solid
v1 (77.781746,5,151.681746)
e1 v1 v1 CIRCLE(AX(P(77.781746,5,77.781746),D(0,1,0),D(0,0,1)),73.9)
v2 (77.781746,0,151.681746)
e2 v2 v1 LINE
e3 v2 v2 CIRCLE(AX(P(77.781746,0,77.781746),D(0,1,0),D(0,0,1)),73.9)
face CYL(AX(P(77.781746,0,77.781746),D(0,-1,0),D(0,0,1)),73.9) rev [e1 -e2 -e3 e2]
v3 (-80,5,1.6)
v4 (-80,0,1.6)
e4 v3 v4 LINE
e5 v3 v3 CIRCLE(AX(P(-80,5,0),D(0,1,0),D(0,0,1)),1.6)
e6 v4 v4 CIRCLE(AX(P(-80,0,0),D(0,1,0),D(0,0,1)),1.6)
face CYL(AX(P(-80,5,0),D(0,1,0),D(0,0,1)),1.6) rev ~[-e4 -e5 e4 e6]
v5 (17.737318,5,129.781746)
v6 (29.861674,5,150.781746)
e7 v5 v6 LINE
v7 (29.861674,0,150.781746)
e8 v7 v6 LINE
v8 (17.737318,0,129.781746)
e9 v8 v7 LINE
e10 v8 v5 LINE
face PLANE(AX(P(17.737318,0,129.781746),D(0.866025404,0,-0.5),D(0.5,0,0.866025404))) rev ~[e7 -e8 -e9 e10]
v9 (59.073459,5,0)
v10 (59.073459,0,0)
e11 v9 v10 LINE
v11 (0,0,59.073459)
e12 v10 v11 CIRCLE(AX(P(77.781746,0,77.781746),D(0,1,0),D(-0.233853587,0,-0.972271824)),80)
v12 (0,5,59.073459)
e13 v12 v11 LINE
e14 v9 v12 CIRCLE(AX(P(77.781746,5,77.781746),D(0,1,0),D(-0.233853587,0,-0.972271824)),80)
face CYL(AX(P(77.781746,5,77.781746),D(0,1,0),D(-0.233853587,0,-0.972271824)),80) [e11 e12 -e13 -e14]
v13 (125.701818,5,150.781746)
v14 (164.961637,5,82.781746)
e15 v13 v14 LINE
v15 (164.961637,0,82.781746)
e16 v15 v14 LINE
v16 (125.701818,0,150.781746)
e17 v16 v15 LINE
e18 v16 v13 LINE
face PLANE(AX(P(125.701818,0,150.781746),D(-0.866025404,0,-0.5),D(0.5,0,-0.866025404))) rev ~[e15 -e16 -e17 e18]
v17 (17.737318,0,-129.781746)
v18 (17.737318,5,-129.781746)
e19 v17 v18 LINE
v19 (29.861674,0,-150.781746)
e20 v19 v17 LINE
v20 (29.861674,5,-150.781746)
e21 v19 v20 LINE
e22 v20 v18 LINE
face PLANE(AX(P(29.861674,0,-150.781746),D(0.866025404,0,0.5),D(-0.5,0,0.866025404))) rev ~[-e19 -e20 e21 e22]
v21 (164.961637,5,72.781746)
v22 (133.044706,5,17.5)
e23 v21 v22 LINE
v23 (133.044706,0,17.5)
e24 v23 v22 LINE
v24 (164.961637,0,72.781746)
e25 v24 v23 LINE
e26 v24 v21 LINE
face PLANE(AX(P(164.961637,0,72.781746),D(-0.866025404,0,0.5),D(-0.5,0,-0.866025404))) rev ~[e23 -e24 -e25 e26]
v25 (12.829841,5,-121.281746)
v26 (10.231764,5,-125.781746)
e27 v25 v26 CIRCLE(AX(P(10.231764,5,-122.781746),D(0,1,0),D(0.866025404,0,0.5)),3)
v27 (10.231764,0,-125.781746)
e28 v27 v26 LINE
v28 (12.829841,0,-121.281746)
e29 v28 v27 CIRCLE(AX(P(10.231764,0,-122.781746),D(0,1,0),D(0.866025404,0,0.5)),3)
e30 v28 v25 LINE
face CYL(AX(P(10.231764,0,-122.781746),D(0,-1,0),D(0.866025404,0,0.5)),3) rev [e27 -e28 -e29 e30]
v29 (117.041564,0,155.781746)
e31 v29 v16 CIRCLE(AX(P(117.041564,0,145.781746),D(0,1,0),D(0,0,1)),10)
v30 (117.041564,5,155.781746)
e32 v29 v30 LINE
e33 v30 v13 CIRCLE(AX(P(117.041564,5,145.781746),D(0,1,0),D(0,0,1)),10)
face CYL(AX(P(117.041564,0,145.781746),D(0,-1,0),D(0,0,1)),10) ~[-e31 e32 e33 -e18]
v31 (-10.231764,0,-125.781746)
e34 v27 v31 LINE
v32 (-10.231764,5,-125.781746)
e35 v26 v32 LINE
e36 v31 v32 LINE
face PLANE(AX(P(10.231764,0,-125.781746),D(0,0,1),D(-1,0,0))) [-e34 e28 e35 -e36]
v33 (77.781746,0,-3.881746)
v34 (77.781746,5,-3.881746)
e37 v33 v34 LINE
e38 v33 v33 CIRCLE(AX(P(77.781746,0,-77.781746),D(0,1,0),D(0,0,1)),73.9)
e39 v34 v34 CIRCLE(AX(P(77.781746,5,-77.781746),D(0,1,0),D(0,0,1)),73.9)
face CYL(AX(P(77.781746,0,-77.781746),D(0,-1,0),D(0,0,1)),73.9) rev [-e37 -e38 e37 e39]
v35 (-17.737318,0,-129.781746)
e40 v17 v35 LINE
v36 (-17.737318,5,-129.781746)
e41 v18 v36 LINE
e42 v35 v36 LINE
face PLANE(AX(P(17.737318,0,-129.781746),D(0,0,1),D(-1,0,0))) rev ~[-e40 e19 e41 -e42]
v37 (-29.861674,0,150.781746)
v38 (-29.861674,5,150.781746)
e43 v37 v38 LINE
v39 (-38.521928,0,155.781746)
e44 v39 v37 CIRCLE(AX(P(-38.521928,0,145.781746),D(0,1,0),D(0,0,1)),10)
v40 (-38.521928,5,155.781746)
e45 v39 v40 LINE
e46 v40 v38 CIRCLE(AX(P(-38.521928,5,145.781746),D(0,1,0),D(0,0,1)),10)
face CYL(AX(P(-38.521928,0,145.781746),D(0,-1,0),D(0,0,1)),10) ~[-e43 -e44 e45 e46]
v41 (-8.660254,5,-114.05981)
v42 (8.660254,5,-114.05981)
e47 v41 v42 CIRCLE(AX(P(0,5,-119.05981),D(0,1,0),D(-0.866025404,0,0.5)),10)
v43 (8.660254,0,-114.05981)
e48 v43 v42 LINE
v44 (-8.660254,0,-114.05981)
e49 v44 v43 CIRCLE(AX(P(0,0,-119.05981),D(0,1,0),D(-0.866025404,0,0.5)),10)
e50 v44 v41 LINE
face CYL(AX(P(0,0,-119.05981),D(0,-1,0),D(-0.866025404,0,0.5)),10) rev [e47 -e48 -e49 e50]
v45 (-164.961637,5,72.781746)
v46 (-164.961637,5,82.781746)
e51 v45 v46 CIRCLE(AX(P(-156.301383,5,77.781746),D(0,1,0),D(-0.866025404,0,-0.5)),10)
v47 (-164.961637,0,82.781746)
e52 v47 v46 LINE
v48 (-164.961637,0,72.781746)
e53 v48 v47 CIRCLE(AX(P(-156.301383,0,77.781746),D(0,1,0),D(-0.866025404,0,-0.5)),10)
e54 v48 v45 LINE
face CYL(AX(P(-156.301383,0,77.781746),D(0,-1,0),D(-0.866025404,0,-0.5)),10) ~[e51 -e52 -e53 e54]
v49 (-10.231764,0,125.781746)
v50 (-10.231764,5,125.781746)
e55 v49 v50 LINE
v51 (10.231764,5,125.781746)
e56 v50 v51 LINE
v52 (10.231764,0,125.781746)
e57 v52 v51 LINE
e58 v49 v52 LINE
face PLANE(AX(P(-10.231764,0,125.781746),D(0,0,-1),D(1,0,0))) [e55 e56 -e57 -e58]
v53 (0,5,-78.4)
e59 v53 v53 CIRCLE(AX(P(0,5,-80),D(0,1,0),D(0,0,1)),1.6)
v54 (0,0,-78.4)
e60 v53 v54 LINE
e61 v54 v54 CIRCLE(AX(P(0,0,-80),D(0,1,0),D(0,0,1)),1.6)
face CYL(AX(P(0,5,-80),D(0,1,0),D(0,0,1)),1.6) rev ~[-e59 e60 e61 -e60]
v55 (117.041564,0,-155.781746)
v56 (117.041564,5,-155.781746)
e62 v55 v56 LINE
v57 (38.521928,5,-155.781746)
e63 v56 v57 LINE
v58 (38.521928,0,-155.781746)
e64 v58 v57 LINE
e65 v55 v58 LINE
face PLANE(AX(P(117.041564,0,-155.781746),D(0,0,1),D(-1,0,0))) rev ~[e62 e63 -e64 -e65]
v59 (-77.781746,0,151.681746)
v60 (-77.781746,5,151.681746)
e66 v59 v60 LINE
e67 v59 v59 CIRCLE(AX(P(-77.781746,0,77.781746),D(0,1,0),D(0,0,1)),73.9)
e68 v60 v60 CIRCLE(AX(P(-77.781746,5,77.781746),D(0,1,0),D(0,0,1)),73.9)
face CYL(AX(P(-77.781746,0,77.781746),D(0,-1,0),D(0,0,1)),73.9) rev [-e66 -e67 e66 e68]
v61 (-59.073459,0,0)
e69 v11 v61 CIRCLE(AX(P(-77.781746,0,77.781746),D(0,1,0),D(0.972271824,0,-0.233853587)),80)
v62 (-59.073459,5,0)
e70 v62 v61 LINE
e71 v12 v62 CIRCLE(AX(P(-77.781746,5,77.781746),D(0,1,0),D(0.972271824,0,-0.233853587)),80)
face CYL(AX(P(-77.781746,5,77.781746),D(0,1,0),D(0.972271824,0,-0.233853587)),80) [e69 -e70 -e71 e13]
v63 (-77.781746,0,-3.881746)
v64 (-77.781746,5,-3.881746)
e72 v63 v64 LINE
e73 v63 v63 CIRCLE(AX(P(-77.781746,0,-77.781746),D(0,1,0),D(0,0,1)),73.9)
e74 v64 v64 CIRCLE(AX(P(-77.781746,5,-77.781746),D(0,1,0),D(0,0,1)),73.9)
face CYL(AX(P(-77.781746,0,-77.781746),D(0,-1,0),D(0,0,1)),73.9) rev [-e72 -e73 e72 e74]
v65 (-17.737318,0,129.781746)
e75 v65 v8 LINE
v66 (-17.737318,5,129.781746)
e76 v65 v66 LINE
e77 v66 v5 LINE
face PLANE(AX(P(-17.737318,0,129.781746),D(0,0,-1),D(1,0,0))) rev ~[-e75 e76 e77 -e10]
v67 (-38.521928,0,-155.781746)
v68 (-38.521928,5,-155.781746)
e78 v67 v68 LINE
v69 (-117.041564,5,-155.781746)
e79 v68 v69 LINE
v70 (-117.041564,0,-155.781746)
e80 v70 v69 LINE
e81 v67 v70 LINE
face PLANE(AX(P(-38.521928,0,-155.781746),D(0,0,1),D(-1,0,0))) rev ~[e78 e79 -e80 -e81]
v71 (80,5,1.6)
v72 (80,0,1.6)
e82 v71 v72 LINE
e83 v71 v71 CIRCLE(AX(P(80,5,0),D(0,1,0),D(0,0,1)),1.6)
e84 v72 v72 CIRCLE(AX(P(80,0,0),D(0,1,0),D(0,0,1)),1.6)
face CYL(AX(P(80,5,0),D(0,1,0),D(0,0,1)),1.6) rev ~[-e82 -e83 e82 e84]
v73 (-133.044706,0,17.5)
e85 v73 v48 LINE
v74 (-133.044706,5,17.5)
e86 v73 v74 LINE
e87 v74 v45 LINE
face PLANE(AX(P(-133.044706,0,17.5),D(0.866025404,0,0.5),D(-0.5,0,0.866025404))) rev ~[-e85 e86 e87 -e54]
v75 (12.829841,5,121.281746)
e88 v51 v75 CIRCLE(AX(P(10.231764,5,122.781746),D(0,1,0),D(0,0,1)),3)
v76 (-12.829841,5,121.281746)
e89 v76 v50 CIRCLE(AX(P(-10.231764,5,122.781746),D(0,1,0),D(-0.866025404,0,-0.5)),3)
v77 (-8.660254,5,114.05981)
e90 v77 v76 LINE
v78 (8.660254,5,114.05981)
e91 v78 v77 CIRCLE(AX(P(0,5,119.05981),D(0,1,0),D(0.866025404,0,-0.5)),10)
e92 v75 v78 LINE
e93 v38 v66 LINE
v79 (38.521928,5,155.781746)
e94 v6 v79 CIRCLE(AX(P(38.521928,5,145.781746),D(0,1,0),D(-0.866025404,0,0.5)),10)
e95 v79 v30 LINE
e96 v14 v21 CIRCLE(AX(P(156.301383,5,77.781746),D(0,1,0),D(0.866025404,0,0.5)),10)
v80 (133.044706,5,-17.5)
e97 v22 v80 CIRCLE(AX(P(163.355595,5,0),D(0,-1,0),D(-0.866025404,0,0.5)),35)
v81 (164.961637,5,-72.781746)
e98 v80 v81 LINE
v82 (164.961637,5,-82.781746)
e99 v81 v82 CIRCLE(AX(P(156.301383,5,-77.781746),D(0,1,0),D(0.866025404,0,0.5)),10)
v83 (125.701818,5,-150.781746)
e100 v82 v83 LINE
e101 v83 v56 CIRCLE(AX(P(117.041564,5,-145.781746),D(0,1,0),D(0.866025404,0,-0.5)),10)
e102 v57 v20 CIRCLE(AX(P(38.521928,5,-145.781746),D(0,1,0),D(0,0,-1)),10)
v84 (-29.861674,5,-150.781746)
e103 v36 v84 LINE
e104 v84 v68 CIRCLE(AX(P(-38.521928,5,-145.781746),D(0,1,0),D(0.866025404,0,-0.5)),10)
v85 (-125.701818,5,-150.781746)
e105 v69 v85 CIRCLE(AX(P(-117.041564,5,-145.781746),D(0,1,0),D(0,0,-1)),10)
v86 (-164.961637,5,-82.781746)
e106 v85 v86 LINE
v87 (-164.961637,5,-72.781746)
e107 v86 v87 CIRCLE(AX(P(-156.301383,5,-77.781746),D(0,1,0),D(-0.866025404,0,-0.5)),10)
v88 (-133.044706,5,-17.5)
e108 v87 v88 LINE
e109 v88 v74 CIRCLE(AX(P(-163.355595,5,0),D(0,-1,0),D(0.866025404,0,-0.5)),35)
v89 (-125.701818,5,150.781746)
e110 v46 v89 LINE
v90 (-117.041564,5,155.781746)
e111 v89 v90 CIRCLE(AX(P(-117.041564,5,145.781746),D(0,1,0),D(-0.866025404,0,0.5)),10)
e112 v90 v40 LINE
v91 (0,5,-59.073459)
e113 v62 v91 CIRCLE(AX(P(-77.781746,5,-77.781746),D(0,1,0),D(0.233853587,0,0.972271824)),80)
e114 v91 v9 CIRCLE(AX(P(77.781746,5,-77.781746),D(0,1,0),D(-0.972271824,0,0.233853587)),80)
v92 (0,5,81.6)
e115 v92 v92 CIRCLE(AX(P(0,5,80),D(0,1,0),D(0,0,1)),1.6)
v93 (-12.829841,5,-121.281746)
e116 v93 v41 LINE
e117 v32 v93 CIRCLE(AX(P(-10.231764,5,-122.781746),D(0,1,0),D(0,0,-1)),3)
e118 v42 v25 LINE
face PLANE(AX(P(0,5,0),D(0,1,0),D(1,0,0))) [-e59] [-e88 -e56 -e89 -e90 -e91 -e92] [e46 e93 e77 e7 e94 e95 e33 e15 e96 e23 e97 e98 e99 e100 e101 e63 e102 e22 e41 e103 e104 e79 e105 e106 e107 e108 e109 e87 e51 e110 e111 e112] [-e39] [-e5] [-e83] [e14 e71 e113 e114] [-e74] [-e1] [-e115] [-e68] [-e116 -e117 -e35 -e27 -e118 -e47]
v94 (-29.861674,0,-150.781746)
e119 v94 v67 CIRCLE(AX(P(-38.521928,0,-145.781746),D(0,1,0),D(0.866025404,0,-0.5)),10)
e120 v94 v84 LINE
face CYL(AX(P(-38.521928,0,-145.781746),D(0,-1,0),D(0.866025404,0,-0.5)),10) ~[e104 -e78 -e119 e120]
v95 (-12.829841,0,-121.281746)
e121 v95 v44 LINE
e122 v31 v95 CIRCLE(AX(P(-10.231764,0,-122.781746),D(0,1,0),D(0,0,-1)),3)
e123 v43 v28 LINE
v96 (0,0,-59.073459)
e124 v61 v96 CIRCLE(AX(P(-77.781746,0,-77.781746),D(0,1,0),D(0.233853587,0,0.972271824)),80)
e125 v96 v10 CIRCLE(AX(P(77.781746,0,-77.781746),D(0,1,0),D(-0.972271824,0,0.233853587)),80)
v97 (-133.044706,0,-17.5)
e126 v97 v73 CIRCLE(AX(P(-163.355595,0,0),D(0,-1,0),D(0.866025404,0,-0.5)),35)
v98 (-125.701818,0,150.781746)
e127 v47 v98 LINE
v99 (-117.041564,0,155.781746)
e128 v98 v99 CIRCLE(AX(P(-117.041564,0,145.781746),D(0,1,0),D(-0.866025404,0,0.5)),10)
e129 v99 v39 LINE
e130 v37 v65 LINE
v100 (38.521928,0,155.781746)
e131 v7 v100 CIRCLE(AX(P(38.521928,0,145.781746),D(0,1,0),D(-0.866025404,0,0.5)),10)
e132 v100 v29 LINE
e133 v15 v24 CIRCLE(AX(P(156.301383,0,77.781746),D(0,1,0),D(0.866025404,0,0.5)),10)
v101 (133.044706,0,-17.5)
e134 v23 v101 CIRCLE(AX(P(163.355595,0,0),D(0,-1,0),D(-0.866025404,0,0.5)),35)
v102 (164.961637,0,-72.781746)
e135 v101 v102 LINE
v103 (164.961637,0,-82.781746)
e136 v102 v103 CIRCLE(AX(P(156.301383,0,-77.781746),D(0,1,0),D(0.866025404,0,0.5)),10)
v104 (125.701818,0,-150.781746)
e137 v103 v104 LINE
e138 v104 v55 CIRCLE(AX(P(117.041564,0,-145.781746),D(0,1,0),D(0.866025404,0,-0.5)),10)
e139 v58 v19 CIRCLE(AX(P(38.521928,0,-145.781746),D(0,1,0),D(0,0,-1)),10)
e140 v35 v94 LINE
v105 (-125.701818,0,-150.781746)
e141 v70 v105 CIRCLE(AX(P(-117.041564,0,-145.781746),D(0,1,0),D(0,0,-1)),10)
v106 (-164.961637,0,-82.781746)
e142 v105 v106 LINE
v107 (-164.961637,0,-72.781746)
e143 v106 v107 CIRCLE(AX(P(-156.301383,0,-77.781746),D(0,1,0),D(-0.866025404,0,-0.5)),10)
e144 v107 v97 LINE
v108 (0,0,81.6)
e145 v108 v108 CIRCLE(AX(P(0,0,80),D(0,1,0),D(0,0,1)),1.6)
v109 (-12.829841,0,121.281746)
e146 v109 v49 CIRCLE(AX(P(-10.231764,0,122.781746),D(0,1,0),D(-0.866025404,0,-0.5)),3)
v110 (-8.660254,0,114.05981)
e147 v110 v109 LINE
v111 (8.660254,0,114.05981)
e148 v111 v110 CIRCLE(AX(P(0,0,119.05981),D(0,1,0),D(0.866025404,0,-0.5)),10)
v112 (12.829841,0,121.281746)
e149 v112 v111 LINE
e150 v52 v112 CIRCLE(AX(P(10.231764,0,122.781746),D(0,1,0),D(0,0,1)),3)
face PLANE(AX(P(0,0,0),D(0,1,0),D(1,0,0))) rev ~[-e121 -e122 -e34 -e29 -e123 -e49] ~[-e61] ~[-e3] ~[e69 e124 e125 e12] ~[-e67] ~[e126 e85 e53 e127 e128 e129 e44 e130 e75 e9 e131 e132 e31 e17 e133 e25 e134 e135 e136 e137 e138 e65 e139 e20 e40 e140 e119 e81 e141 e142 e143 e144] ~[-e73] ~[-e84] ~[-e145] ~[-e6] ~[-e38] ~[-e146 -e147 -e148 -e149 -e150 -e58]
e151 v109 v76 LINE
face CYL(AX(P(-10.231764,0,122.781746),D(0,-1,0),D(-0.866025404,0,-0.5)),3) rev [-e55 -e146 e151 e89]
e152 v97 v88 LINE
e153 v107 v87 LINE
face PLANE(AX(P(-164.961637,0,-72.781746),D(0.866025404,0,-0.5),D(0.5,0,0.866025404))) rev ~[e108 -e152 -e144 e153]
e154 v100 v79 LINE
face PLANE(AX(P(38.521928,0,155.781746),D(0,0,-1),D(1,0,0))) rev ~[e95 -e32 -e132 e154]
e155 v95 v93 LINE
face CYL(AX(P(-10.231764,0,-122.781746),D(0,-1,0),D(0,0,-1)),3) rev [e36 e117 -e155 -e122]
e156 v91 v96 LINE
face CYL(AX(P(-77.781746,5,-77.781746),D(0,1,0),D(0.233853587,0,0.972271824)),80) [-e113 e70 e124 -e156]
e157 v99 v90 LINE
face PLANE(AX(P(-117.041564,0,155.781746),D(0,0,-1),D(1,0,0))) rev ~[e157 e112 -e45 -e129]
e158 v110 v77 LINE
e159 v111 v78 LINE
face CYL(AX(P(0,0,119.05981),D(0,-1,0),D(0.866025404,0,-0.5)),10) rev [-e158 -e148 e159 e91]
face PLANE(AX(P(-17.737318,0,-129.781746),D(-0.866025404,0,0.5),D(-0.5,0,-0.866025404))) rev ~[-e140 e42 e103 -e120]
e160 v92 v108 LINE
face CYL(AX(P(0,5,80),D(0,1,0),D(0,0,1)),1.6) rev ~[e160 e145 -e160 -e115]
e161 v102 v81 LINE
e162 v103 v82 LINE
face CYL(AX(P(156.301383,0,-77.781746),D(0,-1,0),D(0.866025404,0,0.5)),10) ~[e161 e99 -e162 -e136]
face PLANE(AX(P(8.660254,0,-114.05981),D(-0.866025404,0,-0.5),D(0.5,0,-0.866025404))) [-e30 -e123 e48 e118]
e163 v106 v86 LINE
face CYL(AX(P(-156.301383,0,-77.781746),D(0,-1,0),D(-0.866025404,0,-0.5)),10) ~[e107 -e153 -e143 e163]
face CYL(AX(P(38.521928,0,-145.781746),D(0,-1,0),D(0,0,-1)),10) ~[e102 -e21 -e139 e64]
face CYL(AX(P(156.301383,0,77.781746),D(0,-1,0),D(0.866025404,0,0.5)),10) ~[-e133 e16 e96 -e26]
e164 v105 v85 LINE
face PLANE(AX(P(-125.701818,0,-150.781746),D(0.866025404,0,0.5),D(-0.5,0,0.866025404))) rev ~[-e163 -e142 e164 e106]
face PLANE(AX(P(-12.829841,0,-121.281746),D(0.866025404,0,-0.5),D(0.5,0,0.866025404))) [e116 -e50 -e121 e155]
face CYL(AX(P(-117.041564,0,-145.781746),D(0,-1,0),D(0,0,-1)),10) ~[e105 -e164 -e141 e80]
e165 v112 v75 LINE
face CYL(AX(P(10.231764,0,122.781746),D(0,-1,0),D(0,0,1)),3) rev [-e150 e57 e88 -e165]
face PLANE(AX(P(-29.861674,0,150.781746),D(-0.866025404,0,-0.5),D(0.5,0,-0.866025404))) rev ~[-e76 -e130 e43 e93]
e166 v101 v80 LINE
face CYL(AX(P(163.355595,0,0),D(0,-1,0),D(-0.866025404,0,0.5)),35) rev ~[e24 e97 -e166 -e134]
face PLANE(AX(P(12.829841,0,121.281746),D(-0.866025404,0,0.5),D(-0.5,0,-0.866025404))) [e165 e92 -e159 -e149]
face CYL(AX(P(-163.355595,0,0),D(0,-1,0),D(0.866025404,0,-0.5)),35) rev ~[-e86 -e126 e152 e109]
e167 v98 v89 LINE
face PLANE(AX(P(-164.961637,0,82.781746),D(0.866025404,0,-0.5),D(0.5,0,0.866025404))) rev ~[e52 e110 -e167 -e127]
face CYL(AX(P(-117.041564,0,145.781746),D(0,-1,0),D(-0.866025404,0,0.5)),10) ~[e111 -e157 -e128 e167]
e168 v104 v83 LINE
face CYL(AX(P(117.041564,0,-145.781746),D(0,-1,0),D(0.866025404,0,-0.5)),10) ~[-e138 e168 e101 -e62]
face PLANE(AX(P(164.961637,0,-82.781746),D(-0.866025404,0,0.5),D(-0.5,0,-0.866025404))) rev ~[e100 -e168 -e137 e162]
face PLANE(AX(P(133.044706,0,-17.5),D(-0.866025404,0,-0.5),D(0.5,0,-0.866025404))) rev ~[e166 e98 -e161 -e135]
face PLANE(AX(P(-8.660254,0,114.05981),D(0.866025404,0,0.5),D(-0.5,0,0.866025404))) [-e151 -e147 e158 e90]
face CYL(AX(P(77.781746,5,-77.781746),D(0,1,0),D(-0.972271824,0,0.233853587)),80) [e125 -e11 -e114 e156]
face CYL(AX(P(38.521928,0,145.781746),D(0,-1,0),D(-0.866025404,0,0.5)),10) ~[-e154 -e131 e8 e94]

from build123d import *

# Parameters (mm, degrees)
SKETCH_7_R          = 73.9
EXTRUDE_1_DEPTH     = 5
CUT_EXTRUDE_1_REACH = 229.923
SKETCH_8_R          = 1.6


with BuildPart() as part:
    # 草图7 → 凸台-拉伸1 (new body)
    with BuildSketch(Plane(origin=(0, 0, 0), x_dir=(1, 0, 0), z_dir=(0, 1, 0))):
        with BuildLine():
            Line((29.861673588, 150.781745931), (17.737317935, 129.781745931))
            Line((17.737317935, 129.781745931), (-17.737317935, 129.781745931))
            Line((-17.737317935, 129.781745931), (-29.861673588, 150.781745931))
            ThreePointArc((-29.861673588, 150.781745931), (-33.521927626, 154.441999968), (-38.521927626, 155.781745931))
            Line((-38.521927626, 155.781745931), (-117.041564235, 155.781745931))
            ThreePointArc((-117.041564235, 155.781745931), (-122.041564235, 154.441999968), (-125.701818273, 150.781745931))
            Line((-125.701818273, 150.781745931), (-164.961636578, 82.781745931))
            ThreePointArc((-164.961636578, 82.781745931), (-166.30138254, 77.781745931), (-164.961636578, 72.781745931))
            Line((-164.961636578, 72.781745931), (-133.044705684, 17.5))
            ThreePointArc((-133.044705684, 17.5), (-128.355594816, 0), (-133.044705684, -17.5))
            Line((-133.044705684, -17.5), (-164.961636578, -72.781745931))
            ThreePointArc((-164.961636578, -72.781745931), (-166.30138254, -77.781745931), (-164.961636578, -82.781745931))
            Line((-164.961636578, -82.781745931), (-125.701818273, -150.781745931))
            ThreePointArc((-125.701818273, -150.781745931), (-122.041564235, -154.441999968), (-117.041564235, -155.781745931))
            Line((-117.041564235, -155.781745931), (-38.521927626, -155.781745931))
            ThreePointArc((-38.521927626, -155.781745931), (-33.521927626, -154.441999968), (-29.861673588, -150.781745931))
            Line((-29.861673588, -150.781745931), (-17.737317935, -129.781745931))
            Line((-17.737317935, -129.781745931), (17.737317935, -129.781745931))
            Line((17.737317935, -129.781745931), (29.861673588, -150.781745931))
            ThreePointArc((29.861673588, -150.781745931), (33.521927626, -154.441999968), (38.521927626, -155.781745931))
            Line((38.521927626, -155.781745931), (117.041564235, -155.781745931))
            ThreePointArc((117.041564235, -155.781745931), (122.041564235, -154.441999968), (125.701818273, -150.781745931))
            Line((125.701818273, -150.781745931), (164.961636578, -82.781745931))
            ThreePointArc((164.961636578, -82.781745931), (166.30138254, -77.781745931), (164.961636578, -72.781745931))
            Line((164.961636578, -72.781745931), (133.044705684, -17.5))
            ThreePointArc((133.044705684, -17.5), (128.355594816, 0), (133.044705684, 17.5))
            Line((133.044705684, 17.5), (164.961636578, 72.781745931))
            ThreePointArc((164.961636578, 72.781745931), (166.30138254, 77.781745931), (164.961636578, 82.781745931))
            Line((164.961636578, 82.781745931), (125.701818273, 150.781745931))
            ThreePointArc((125.701818273, 150.781745931), (122.041564235, 154.441999968), (117.041564235, 155.781745931))
            Line((117.041564235, 155.781745931), (38.521927626, 155.781745931))
            ThreePointArc((38.521927626, 155.781745931), (33.521927626, 154.441999968), (29.861673588, 150.781745931))
        make_face()
        with Locations((-77.781745931, -77.781745931)):
            Circle(SKETCH_7_R, mode=Mode.SUBTRACT)
        with BuildLine():
            Line((8.660254038, -114.059810077), (12.829840647, -121.281745931))
            ThreePointArc((12.829840647, -121.281745931), (12.829840647, -124.281745931), (10.231764435, -125.781745931))
            Line((10.231764435, -125.781745931), (-10.231764435, -125.781745931))
            ThreePointArc((-10.231764435, -125.781745931), (-12.829840647, -124.281745931), (-12.829840647, -121.281745931))
            Line((-12.829840647, -121.281745931), (-8.660254038, -114.059810077))
            ThreePointArc((-8.660254038, -114.059810077), (0, -109.059810077), (8.660254038, -114.059810077))
        make_face(mode=Mode.SUBTRACT)
        with Locations((77.781745931, -77.781745931)):
            Circle(SKETCH_7_R, mode=Mode.SUBTRACT)
        with Locations((-77.781745931, 77.781745931)):
            Circle(SKETCH_7_R, mode=Mode.SUBTRACT)
        with Locations((77.781745931, 77.781745931)):
            Circle(SKETCH_7_R, mode=Mode.SUBTRACT)
        with BuildLine():
            Line((-10.231764435, 125.781745931), (10.231764435, 125.781745931))
            ThreePointArc((10.231764435, 125.781745931), (12.829840647, 124.281745931), (12.829840647, 121.281745931))
            Line((12.829840647, 121.281745931), (8.660254038, 114.059810077))
            ThreePointArc((8.660254038, 114.059810077), (0, 109.059810077), (-8.660254038, 114.059810077))
            Line((-8.660254038, 114.059810077), (-12.829840647, 121.281745931))
            ThreePointArc((-12.829840647, 121.281745931), (-12.829840647, 124.281745931), (-10.231764435, 125.781745931))
        make_face(mode=Mode.SUBTRACT)
    extrude(amount=EXTRUDE_1_DEPTH)

    # 草图8 → 切除-拉伸1 (cut, up to next)
    with BuildSketch(Plane(origin=(0, 5, 0), x_dir=(1, 0, 0), z_dir=(0, 1, 0)), mode=Mode.PRIVATE) as cut_extrude_1_sk1:
        with Locations((80, 0)):
            Circle(SKETCH_8_R)
    cut_extrude_1_tool1 = extrude(cut_extrude_1_sk1.sketch, amount=-CUT_EXTRUDE_1_REACH, mode=Mode.PRIVATE) & part.part
    # 草图8 → 切除-拉伸1 (cut, up to next)
    with BuildSketch(Plane(origin=(0, 5, 0), x_dir=(1, 0, 0), z_dir=(0, 1, 0)), mode=Mode.PRIVATE) as cut_extrude_1_sk2:
        with Locations((0, -80)):
            Circle(SKETCH_8_R)
    cut_extrude_1_tool2 = extrude(cut_extrude_1_sk2.sketch, amount=-CUT_EXTRUDE_1_REACH, mode=Mode.PRIVATE) & part.part
    # 草图8 → 切除-拉伸1 (cut, up to next)
    with BuildSketch(Plane(origin=(0, 5, 0), x_dir=(1, 0, 0), z_dir=(0, 1, 0)), mode=Mode.PRIVATE) as cut_extrude_1_sk3:
        with Locations((-80, 0)):
            Circle(SKETCH_8_R)
    cut_extrude_1_tool3 = extrude(cut_extrude_1_sk3.sketch, amount=-CUT_EXTRUDE_1_REACH, mode=Mode.PRIVATE) & part.part
    # 草图8 → 切除-拉伸1 (cut, up to next)
    with BuildSketch(Plane(origin=(0, 5, 0), x_dir=(1, 0, 0), z_dir=(0, 1, 0)), mode=Mode.PRIVATE) as cut_extrude_1_sk4:
        with Locations((0, 80)):
            Circle(SKETCH_8_R)
    cut_extrude_1_tool4 = extrude(cut_extrude_1_sk4.sketch, amount=-CUT_EXTRUDE_1_REACH, mode=Mode.PRIVATE) & part.part
    # 草图8 → 切除-拉伸1 (cut, up to next)
    with BuildSketch(Plane(origin=(0, 5, 0), x_dir=(1, 0, 0), z_dir=(0, 1, 0)), mode=Mode.PRIVATE) as cut_extrude_1_sk5:
        with BuildLine():
            ThreePointArc((59.073458997, 0), (21.213203436, 21.213203436), (0, 59.073458997))
            ThreePointArc((0, 59.073458997), (-21.213203436, 21.213203436), (-59.073458997, 0))
            ThreePointArc((-59.073458997, 0), (-21.213203436, -21.213203436), (0, -59.073458997))
            ThreePointArc((0, -59.073458997), (21.213203436, -21.213203436), (59.073458997, 0))
        make_face()
    cut_extrude_1_tool5 = extrude(cut_extrude_1_sk5.sketch, amount=-CUT_EXTRUDE_1_REACH, mode=Mode.PRIVATE) & part.part
    add(cut_extrude_1_tool1.solids().sort_by_distance((80, 5, 0))[0], mode=Mode.SUBTRACT)
    add(cut_extrude_1_tool2.solids().sort_by_distance((0, 5, 80))[0], mode=Mode.SUBTRACT)
    add(cut_extrude_1_tool3.solids().sort_by_distance((-80, 5, 0))[0], mode=Mode.SUBTRACT)
    add(cut_extrude_1_tool4.solids().sort_by_distance((0, 5, -80))[0], mode=Mode.SUBTRACT)
    add(cut_extrude_1_tool5.solids().sort_by_distance((0, 5, 0))[0], mode=Mode.SUBTRACT)


solid = part.part
